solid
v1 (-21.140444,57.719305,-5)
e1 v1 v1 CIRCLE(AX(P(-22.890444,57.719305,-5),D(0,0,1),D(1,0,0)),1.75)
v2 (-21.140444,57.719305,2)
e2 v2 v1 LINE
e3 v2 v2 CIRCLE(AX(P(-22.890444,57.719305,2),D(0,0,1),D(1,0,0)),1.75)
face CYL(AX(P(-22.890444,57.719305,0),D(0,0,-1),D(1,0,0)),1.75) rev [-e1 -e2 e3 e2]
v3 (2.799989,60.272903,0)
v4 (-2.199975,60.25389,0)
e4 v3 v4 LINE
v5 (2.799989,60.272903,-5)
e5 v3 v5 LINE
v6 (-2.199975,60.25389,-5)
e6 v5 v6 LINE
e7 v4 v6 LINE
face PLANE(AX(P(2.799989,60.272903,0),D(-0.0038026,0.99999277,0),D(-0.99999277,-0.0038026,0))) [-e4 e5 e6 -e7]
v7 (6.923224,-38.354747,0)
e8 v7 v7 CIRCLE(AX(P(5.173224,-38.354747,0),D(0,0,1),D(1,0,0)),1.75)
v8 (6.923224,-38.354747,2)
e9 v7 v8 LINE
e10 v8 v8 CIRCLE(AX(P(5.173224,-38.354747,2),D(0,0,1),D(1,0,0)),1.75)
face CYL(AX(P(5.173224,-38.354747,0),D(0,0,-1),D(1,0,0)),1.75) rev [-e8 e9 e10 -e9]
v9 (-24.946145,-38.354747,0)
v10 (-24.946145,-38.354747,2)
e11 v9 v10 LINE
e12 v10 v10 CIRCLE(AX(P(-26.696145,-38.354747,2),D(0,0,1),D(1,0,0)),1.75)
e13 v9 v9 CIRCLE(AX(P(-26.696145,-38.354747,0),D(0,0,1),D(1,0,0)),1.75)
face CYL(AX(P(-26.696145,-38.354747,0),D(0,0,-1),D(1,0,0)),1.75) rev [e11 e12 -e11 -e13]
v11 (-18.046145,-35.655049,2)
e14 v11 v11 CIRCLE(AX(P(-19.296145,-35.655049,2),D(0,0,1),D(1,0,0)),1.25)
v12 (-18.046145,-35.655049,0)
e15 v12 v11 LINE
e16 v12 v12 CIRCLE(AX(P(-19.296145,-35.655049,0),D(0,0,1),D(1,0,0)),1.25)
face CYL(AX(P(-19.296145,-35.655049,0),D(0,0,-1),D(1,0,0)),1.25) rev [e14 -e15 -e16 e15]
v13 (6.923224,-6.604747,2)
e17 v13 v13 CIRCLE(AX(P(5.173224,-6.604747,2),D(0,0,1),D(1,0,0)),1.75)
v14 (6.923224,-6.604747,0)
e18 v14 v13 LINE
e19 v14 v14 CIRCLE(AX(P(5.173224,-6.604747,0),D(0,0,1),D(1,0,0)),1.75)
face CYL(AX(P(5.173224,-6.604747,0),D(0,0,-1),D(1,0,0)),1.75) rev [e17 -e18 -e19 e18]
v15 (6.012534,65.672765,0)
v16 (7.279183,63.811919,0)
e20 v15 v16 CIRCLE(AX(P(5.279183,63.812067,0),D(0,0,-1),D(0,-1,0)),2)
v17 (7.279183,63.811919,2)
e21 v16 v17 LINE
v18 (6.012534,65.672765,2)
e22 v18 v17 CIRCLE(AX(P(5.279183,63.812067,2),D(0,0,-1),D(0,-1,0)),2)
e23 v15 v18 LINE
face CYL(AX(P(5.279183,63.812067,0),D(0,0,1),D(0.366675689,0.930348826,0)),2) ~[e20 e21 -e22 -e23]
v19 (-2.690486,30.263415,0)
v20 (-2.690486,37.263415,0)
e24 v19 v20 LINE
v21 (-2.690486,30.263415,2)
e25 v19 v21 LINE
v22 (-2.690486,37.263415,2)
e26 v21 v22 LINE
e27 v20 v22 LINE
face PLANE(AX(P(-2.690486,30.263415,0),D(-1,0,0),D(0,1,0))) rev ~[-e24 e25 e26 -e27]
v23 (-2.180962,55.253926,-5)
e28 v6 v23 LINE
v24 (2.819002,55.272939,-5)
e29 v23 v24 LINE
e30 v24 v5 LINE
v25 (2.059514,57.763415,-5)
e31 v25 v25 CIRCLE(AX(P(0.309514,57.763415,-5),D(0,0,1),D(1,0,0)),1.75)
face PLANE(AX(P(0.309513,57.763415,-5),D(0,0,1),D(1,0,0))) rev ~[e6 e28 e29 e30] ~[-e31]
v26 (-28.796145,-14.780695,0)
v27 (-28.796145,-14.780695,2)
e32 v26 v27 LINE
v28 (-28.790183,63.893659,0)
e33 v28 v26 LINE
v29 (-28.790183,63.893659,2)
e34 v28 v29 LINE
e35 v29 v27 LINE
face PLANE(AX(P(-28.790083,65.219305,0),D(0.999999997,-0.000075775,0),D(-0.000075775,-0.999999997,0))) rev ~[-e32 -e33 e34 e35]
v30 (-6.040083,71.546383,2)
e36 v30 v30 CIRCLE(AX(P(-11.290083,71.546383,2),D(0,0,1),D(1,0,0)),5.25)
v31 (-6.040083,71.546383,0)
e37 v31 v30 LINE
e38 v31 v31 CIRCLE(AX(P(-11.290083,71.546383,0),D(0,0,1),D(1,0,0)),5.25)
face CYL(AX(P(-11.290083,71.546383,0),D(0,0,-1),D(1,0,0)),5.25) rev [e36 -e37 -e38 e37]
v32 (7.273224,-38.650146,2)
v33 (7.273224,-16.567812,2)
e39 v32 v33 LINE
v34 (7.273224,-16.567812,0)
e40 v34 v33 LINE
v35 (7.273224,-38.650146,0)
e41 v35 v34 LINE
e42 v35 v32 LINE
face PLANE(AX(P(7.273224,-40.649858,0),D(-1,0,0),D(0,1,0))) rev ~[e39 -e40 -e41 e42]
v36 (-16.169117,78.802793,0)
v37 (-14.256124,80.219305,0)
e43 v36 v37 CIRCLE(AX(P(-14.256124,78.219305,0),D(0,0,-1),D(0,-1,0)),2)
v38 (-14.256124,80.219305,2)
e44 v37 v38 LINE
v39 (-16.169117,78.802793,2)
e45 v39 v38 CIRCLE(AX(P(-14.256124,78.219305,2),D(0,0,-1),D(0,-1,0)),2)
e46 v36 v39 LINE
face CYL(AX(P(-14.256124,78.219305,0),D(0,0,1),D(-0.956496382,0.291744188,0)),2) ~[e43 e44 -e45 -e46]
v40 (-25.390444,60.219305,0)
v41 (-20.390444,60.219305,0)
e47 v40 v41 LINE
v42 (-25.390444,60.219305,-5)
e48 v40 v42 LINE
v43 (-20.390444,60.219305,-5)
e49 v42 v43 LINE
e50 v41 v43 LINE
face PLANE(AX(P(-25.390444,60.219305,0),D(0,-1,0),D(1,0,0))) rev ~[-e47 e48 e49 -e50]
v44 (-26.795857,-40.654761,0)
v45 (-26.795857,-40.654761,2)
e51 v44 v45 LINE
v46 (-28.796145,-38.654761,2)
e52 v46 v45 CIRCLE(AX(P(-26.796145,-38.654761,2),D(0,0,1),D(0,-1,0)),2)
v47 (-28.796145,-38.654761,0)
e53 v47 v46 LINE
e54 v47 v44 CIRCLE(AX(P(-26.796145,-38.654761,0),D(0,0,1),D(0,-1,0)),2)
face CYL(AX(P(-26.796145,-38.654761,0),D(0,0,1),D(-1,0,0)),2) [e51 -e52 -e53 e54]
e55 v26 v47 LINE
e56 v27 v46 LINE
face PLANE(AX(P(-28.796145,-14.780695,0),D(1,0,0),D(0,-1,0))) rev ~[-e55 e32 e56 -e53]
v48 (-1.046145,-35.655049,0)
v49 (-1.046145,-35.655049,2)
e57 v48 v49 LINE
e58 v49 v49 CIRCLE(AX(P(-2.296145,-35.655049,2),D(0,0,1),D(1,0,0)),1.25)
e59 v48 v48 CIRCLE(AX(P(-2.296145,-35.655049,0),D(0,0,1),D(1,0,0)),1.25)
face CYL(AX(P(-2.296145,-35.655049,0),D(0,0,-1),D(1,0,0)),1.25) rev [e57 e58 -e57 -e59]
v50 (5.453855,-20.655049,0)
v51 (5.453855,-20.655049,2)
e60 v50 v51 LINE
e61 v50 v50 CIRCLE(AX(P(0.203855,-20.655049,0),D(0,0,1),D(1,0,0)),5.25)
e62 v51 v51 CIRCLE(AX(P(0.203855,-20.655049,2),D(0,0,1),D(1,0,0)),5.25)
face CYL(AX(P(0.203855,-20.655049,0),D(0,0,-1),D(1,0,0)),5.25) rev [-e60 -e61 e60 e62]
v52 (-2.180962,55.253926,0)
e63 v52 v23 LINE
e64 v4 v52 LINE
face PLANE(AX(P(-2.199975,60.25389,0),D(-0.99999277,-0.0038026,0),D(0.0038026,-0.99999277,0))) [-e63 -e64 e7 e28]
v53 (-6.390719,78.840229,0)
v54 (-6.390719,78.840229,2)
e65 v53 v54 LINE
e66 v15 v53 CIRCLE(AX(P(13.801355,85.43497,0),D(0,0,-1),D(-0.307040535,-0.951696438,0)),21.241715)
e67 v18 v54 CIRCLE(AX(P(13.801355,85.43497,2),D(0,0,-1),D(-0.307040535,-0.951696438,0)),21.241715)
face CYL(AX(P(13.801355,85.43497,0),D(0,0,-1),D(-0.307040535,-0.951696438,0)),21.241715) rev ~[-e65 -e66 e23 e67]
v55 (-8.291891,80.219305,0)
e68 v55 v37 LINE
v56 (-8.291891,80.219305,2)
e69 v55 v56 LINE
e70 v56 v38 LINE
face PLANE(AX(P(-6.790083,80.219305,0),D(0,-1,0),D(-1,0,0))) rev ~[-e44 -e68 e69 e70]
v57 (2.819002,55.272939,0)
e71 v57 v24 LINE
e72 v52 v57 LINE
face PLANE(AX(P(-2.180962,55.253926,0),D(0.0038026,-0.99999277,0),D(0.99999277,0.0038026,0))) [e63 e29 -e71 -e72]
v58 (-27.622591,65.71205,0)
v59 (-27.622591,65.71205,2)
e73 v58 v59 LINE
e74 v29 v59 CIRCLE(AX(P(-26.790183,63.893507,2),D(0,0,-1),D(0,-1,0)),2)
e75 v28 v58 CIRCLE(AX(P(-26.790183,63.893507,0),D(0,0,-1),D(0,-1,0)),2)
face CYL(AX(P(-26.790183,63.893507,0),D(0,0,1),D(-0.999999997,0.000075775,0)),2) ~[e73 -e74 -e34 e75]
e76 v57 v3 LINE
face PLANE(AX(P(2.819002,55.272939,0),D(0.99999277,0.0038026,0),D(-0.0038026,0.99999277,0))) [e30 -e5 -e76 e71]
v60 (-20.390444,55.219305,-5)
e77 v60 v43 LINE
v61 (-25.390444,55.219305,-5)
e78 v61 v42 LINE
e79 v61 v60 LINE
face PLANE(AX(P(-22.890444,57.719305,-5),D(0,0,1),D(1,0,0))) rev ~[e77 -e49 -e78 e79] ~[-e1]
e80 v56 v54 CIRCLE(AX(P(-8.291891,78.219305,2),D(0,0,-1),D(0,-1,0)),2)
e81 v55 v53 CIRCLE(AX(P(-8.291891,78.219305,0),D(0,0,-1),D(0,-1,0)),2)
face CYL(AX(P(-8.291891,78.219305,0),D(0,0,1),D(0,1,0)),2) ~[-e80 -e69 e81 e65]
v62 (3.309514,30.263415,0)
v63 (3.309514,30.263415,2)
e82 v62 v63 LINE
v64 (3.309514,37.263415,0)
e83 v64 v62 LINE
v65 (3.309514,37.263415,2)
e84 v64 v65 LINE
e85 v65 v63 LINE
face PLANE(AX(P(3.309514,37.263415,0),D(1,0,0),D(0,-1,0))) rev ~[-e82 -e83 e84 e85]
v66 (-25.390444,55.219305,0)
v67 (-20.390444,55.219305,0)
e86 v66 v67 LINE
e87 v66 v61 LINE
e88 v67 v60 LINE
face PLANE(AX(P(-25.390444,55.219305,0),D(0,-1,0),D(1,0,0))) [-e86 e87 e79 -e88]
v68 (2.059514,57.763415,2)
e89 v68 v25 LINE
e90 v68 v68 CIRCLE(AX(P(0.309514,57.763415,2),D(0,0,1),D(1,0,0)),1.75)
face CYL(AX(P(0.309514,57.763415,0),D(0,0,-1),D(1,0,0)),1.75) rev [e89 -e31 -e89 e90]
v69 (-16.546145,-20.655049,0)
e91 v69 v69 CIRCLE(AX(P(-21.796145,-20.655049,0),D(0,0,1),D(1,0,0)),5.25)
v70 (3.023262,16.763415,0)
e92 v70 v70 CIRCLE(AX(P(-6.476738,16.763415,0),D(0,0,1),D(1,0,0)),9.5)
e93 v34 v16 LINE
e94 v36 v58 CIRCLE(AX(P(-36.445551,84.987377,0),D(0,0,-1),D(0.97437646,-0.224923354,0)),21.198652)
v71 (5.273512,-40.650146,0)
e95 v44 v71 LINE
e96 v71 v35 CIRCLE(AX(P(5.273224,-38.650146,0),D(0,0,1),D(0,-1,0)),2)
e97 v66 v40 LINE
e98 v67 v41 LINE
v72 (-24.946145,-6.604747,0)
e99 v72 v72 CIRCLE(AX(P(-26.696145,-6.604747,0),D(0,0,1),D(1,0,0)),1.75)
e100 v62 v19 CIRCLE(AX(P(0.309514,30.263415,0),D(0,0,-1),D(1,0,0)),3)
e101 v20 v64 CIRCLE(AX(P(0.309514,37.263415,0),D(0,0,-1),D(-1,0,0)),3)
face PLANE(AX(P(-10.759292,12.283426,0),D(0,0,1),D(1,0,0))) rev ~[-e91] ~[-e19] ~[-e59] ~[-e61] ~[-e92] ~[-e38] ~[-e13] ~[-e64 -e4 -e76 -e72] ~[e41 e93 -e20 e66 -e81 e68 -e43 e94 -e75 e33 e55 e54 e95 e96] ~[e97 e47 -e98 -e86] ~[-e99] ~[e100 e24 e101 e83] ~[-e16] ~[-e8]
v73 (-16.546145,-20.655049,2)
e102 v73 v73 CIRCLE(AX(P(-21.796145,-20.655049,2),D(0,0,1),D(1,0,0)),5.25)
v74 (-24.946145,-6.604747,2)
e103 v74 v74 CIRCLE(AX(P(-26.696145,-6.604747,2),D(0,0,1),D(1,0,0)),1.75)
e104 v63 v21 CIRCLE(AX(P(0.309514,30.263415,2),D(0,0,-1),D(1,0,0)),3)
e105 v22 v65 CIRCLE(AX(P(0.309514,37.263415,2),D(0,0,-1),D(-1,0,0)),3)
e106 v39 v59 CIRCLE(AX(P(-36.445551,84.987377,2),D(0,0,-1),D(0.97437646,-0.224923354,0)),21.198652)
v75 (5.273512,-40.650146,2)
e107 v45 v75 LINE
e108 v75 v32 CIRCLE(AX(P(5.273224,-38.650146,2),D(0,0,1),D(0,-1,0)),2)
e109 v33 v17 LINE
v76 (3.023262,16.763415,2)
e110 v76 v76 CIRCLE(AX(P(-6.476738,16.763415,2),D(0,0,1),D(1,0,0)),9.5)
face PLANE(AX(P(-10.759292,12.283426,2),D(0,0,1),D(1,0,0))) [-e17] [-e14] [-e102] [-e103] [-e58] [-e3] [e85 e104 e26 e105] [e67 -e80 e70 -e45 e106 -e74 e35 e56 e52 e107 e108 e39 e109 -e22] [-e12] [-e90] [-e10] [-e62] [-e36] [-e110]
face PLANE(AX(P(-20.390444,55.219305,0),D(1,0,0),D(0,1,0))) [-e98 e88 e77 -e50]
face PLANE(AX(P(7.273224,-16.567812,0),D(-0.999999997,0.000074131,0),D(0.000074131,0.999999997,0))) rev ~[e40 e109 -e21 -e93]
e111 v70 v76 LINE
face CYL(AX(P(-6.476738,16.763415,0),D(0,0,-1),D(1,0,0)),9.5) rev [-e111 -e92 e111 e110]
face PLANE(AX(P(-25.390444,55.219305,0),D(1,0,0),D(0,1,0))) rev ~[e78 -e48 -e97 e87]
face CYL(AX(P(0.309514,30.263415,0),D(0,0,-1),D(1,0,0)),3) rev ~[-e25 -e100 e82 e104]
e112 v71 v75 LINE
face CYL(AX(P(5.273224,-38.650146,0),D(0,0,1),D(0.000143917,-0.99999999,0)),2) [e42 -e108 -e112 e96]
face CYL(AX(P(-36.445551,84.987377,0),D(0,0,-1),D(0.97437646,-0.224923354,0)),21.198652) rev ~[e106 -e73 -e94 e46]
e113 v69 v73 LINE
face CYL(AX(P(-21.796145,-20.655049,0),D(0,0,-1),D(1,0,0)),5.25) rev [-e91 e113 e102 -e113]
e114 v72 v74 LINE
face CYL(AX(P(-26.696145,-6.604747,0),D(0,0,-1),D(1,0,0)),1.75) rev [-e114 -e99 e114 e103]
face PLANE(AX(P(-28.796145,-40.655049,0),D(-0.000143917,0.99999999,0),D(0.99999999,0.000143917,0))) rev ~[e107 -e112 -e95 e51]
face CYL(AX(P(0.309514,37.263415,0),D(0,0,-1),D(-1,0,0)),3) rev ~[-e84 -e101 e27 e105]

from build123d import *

# Parameters (mm, degrees)
F0_R     = 1.75
F0_R_2   = 5.25
F0_R_3   = 1.25
F0_R_4   = 9.5
F0_W     = 5
F0_H     = 5
F1_DEPTH = 2
F2_DEPTH = 5
F3_R     = 2


with BuildPart() as f1:
    # F0 (on Top) → F1 (new body)
    with BuildSketch(Plane.XY):
        Polygon((-28.790083, 65.219305), (-28.796145, -14.780695), (-28.796145, -16.571802), (-28.796145, -40.655049), (7.273224, -40.649858), (7.273224, -16.567812), (7.279287, 65.219305), (5.209917, 65.219305), align=None)
        with Locations((-26.696145, -38.354747)):
            Circle(F0_R, mode=Mode.SUBTRACT)
        with Locations((-21.796145, -20.655049)):
            Circle(F0_R_2, mode=Mode.SUBTRACT)
        with Locations((-19.296145, -35.655049)):
            Circle(F0_R_3, mode=Mode.SUBTRACT)
        with Locations((-26.696145, -6.604747)):
            Circle(F0_R, mode=Mode.SUBTRACT)
        with Locations((-2.296145, -35.655049)):
            Circle(F0_R_3, mode=Mode.SUBTRACT)
        with Locations((5.173224, -38.354747)):
            Circle(F0_R, mode=Mode.SUBTRACT)
        with Locations((0.203855, -20.655049)):
            Circle(F0_R_2, mode=Mode.SUBTRACT)
        with Locations((-6.476738, 16.763415)):
            Circle(F0_R_4, mode=Mode.SUBTRACT)
        with Locations((5.173224, -6.604747)):
            Circle(F0_R, mode=Mode.SUBTRACT)
        with Locations((-22.890444, 57.719305)):
            Rectangle(F0_W, F0_H, mode=Mode.SUBTRACT)
        with BuildLine():
            ThreePointArc((-2.690486, 37.263415), (0.309514, 40.263415), (3.309514, 37.263415))
            Line((3.309514, 37.263415), (3.309514, 30.263415))
            ThreePointArc((3.309514, 30.263415), (0.309514, 27.263415), (-2.690486, 30.263415))
            Line((-2.690486, 30.263415), (-2.690486, 37.263415))
        make_face(mode=Mode.SUBTRACT)
        Polygon((-2.180962, 55.253926), (-2.199975, 60.25389), (2.799989, 60.272903), (2.819002, 55.272939), align=None, mode=Mode.SUBTRACT)
        with Locations((-22.890444, 57.719305)):
            Rectangle(F0_W, F0_H)
        with Locations((-22.890444, 57.719305)):
            Circle(F0_R, mode=Mode.SUBTRACT)
        Polygon((2.799989, 60.272903), (-2.199975, 60.25389), (-2.180962, 55.253926), (2.819002, 55.272939), align=None)
        with Locations((0.309514, 57.763415)):
            Circle(F0_R, mode=Mode.SUBTRACT)
        with BuildLine():
            ThreePointArc((-15.790083, 80.219305), (-20.42596, 71.103733), (-28.790083, 65.219305))
            Line((-28.790083, 65.219305), (5.209917, 65.219305))
            Line((5.209917, 65.219305), (7.279287, 65.219305))
            ThreePointArc((7.279287, 65.219305), (-1.691726, 70.903111), (-6.790083, 80.219305))
            Line((-6.790083, 80.219305), (-15.790083, 80.219305))
        make_face()
        with Locations((-11.290083, 71.546383)):
            Circle(F0_R_2, mode=Mode.SUBTRACT)
    extrude(amount=F1_DEPTH)

    # F0 (on Top) → F2 (join)
    with BuildSketch(Plane.XY):
        Polygon((2.799989, 60.272903), (-2.199975, 60.25389), (-2.180962, 55.253926), (2.819002, 55.272939), align=None)
        with Locations((0.309514, 57.763415)):
            Circle(F0_R, mode=Mode.SUBTRACT)
        with Locations((-22.890444, 57.719305)):
            Rectangle(F0_W, F0_H)
        with Locations((-22.890444, 57.719305)):
            Circle(F0_R, mode=Mode.SUBTRACT)
    extrude(amount=-F2_DEPTH)

    # F3
    f3_edges = [f1.edges().sort_by_distance(p)[0] for p in [
        (-28.790083, 65.219305, 1),
        (7.279287, 65.219305, 1),
        (7.273224, -40.649858, 1),
        (-28.796145, -40.655049, 1),
        (-15.790083, 80.219305, 1),
        (-6.790083, 80.219305, 1),
    ]]
    fillet(f3_edges, radius=F3_R)


solid = f1.part
